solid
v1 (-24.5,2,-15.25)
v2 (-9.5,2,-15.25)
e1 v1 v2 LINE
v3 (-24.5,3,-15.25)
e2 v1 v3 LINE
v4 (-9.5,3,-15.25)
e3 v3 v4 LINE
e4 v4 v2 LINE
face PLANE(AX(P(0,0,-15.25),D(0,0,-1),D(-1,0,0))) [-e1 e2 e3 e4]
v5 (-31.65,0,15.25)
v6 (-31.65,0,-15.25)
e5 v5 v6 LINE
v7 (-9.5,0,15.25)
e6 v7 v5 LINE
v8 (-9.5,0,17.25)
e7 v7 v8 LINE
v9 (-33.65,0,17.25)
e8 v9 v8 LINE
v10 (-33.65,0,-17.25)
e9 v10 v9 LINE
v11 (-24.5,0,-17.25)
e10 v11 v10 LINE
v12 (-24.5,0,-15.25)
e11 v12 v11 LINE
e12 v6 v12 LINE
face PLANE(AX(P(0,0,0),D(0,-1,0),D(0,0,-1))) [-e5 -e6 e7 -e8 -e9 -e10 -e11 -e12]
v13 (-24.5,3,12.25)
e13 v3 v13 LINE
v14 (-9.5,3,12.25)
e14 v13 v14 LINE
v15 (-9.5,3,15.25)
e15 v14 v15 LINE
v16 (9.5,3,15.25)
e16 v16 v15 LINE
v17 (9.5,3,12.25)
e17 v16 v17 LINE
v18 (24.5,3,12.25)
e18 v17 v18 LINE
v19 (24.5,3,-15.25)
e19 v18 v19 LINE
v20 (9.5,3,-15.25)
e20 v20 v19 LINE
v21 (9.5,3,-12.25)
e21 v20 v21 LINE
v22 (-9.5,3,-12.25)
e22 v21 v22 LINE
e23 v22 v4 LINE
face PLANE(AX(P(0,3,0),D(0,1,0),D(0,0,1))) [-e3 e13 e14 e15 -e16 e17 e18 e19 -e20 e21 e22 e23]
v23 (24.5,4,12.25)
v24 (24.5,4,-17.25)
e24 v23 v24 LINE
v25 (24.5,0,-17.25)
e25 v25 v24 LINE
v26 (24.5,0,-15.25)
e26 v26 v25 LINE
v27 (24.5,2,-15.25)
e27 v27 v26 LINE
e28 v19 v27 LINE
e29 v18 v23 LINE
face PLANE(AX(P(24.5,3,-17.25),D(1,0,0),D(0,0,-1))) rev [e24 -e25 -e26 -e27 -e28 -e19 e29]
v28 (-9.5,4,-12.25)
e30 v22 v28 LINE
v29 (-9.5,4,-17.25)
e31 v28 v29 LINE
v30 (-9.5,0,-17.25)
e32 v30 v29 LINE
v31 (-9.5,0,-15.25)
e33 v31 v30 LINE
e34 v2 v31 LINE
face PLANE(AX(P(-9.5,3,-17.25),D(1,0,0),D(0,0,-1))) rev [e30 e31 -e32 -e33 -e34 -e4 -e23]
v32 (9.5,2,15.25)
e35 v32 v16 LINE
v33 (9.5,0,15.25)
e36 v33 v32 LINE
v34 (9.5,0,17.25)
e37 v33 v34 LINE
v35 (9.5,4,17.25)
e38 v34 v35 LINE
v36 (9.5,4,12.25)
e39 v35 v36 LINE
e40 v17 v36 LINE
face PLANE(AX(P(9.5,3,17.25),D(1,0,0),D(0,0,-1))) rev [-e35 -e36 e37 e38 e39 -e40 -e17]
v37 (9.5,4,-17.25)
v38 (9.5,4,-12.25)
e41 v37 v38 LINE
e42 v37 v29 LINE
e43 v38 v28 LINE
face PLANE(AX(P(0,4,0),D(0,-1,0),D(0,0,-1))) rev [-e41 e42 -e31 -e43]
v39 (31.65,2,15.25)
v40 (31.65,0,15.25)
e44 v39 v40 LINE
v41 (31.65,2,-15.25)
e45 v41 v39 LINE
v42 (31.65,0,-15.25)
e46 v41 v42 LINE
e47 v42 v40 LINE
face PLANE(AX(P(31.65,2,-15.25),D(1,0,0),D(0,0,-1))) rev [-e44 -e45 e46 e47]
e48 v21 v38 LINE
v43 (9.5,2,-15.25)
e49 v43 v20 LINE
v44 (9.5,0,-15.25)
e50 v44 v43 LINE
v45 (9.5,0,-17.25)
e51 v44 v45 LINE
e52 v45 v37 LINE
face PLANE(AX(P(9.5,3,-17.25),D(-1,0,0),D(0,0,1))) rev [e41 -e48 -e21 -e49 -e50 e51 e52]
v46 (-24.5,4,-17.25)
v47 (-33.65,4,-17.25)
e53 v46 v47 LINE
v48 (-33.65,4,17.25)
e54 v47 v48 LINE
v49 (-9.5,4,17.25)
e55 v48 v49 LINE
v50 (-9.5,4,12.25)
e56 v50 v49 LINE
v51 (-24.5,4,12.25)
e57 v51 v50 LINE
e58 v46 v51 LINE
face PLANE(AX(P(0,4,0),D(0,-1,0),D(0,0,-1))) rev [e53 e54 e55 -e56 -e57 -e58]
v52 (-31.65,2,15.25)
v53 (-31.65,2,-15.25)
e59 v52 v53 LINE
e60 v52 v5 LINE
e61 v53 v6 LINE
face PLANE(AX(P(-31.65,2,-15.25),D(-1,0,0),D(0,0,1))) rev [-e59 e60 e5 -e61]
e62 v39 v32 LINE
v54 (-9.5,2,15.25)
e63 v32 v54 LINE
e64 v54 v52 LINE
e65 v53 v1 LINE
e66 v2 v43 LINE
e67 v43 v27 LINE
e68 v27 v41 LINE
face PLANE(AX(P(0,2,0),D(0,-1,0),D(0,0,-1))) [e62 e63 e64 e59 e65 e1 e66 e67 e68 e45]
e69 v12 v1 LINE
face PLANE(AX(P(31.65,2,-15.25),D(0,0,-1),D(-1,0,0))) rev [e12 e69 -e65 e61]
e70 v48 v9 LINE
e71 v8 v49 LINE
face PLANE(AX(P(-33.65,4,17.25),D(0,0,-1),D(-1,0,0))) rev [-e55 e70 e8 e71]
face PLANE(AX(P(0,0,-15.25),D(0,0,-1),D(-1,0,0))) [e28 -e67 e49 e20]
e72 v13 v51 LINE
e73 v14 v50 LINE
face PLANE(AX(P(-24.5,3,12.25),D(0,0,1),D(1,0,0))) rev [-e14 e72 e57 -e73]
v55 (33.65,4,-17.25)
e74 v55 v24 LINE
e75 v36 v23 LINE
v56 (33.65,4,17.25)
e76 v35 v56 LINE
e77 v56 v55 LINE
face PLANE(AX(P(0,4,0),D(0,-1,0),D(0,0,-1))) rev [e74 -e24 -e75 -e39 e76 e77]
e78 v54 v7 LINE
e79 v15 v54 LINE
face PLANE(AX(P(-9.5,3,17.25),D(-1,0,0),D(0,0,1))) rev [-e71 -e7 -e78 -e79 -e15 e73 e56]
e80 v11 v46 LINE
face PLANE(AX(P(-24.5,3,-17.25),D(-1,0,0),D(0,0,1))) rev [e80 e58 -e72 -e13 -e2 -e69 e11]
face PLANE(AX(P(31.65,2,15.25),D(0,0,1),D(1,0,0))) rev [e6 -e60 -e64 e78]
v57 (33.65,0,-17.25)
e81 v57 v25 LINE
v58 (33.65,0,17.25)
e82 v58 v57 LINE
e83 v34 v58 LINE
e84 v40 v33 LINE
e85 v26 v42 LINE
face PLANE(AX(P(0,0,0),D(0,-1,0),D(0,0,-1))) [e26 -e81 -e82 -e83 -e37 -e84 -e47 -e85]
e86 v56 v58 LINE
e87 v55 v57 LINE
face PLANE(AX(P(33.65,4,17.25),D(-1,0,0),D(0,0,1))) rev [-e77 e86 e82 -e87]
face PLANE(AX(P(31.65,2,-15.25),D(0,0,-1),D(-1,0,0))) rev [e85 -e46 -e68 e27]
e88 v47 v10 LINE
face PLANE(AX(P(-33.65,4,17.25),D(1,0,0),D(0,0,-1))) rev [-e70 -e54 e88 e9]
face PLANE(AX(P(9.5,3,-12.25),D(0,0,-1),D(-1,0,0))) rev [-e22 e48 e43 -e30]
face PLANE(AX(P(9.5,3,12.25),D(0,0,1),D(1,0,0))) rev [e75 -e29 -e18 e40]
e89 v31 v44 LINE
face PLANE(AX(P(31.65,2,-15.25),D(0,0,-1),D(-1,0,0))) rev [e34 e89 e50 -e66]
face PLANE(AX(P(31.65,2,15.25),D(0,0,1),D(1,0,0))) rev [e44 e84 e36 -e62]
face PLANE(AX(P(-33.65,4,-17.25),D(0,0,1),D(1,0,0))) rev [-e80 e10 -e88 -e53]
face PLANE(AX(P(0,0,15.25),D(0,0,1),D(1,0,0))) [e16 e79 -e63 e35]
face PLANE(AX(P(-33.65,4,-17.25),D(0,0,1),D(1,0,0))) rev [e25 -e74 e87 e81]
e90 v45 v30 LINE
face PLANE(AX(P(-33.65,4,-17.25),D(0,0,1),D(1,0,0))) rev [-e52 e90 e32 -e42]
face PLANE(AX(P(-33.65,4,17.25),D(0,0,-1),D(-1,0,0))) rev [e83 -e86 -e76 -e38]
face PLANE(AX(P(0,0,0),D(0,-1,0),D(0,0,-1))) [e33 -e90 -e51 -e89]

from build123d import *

# Parameters (mm, degrees)
SKETCH_1_W          = 67.3
SKETCH_1_H          = 34.5
EXTRUDE_1_DEPTH     = 4
SKETCH_2_W          = 15
SKETCH_2_H          = 29.5
CUT_EXTRUDE_1_DEPTH = 1
SKETCH_3_W          = 63.3
SKETCH_3_H          = 30.5
CUT_EXTRUDE_2_DEPTH = 2
SKETCH_4_W          = 15
SKETCH_4_H          = 3
CUT_EXTRUDE_3_DEPTH = 2
SKETCH_6_W          = 19
SKETCH_6_H          = 29.5
CUT_EXTRUDE_5_DEPTH = 1
SKETCH_5_W          = 19
SKETCH_5_H          = 3
CUT_EXTRUDE_4_DEPTH = 2


with BuildPart() as part:
    # Эскиз1 → Бобышка-Вытянуть1 (new body)
    with BuildSketch(Plane(origin=(0, 0, 0), x_dir=(1, 0, 0), z_dir=(0, 1, 0))):
        Rectangle(SKETCH_1_W, SKETCH_1_H)
    extrude(amount=EXTRUDE_1_DEPTH)

    # Эскиз2 → Вырез-Вытянуть1 (cut)
    with BuildSketch(Plane(origin=(0, 4, 0), x_dir=(1, 0, 0), z_dir=(0, 1, 0))):
        with Locations((-17, 2.5)):
            Rectangle(SKETCH_2_W, SKETCH_2_H)
        with Locations((17, 2.5)):
            Rectangle(SKETCH_2_W, SKETCH_2_H)
    extrude(amount=-CUT_EXTRUDE_1_DEPTH, mode=Mode.SUBTRACT)

    # Эскиз3 → Вырез-Вытянуть2 (cut)
    with BuildSketch(Plane(origin=(0, 0, 0), x_dir=(-1, 0, 0), z_dir=(0, -1, 0))):
        Rectangle(SKETCH_3_W, SKETCH_3_H)
    extrude(amount=-CUT_EXTRUDE_2_DEPTH, mode=Mode.SUBTRACT)

    # Эскиз4 → Вырез-Вытянуть3 (cut)
    with BuildSketch(Plane(origin=(0, 0, -17.25), x_dir=(-1, 0, 0), z_dir=(0, 0, -1))):
        with Locations((-17, 1.5)):
            Rectangle(SKETCH_4_W, SKETCH_4_H)
        with Locations((17, 1.5)):
            Rectangle(SKETCH_4_W, SKETCH_4_H)
    extrude(amount=-CUT_EXTRUDE_3_DEPTH, mode=Mode.SUBTRACT)

    # Эскиз6 → Вырез-Вытянуть5 (cut)
    with BuildSketch(Plane(origin=(0, 4, 0), x_dir=(1, 0, 0), z_dir=(0, 1, 0))):
        with Locations((0, -2.5)):
            Rectangle(SKETCH_6_W, SKETCH_6_H)
    extrude(amount=-CUT_EXTRUDE_5_DEPTH, mode=Mode.SUBTRACT)

    # Эскиз5 → Вырез-Вытянуть4 (cut)
    with BuildSketch(Plane.XY.offset(17.25)):
        with Locations((0, 1.5)):
            Rectangle(SKETCH_5_W, SKETCH_5_H)
    extrude(amount=-CUT_EXTRUDE_4_DEPTH, mode=Mode.SUBTRACT)


solid = part.part
